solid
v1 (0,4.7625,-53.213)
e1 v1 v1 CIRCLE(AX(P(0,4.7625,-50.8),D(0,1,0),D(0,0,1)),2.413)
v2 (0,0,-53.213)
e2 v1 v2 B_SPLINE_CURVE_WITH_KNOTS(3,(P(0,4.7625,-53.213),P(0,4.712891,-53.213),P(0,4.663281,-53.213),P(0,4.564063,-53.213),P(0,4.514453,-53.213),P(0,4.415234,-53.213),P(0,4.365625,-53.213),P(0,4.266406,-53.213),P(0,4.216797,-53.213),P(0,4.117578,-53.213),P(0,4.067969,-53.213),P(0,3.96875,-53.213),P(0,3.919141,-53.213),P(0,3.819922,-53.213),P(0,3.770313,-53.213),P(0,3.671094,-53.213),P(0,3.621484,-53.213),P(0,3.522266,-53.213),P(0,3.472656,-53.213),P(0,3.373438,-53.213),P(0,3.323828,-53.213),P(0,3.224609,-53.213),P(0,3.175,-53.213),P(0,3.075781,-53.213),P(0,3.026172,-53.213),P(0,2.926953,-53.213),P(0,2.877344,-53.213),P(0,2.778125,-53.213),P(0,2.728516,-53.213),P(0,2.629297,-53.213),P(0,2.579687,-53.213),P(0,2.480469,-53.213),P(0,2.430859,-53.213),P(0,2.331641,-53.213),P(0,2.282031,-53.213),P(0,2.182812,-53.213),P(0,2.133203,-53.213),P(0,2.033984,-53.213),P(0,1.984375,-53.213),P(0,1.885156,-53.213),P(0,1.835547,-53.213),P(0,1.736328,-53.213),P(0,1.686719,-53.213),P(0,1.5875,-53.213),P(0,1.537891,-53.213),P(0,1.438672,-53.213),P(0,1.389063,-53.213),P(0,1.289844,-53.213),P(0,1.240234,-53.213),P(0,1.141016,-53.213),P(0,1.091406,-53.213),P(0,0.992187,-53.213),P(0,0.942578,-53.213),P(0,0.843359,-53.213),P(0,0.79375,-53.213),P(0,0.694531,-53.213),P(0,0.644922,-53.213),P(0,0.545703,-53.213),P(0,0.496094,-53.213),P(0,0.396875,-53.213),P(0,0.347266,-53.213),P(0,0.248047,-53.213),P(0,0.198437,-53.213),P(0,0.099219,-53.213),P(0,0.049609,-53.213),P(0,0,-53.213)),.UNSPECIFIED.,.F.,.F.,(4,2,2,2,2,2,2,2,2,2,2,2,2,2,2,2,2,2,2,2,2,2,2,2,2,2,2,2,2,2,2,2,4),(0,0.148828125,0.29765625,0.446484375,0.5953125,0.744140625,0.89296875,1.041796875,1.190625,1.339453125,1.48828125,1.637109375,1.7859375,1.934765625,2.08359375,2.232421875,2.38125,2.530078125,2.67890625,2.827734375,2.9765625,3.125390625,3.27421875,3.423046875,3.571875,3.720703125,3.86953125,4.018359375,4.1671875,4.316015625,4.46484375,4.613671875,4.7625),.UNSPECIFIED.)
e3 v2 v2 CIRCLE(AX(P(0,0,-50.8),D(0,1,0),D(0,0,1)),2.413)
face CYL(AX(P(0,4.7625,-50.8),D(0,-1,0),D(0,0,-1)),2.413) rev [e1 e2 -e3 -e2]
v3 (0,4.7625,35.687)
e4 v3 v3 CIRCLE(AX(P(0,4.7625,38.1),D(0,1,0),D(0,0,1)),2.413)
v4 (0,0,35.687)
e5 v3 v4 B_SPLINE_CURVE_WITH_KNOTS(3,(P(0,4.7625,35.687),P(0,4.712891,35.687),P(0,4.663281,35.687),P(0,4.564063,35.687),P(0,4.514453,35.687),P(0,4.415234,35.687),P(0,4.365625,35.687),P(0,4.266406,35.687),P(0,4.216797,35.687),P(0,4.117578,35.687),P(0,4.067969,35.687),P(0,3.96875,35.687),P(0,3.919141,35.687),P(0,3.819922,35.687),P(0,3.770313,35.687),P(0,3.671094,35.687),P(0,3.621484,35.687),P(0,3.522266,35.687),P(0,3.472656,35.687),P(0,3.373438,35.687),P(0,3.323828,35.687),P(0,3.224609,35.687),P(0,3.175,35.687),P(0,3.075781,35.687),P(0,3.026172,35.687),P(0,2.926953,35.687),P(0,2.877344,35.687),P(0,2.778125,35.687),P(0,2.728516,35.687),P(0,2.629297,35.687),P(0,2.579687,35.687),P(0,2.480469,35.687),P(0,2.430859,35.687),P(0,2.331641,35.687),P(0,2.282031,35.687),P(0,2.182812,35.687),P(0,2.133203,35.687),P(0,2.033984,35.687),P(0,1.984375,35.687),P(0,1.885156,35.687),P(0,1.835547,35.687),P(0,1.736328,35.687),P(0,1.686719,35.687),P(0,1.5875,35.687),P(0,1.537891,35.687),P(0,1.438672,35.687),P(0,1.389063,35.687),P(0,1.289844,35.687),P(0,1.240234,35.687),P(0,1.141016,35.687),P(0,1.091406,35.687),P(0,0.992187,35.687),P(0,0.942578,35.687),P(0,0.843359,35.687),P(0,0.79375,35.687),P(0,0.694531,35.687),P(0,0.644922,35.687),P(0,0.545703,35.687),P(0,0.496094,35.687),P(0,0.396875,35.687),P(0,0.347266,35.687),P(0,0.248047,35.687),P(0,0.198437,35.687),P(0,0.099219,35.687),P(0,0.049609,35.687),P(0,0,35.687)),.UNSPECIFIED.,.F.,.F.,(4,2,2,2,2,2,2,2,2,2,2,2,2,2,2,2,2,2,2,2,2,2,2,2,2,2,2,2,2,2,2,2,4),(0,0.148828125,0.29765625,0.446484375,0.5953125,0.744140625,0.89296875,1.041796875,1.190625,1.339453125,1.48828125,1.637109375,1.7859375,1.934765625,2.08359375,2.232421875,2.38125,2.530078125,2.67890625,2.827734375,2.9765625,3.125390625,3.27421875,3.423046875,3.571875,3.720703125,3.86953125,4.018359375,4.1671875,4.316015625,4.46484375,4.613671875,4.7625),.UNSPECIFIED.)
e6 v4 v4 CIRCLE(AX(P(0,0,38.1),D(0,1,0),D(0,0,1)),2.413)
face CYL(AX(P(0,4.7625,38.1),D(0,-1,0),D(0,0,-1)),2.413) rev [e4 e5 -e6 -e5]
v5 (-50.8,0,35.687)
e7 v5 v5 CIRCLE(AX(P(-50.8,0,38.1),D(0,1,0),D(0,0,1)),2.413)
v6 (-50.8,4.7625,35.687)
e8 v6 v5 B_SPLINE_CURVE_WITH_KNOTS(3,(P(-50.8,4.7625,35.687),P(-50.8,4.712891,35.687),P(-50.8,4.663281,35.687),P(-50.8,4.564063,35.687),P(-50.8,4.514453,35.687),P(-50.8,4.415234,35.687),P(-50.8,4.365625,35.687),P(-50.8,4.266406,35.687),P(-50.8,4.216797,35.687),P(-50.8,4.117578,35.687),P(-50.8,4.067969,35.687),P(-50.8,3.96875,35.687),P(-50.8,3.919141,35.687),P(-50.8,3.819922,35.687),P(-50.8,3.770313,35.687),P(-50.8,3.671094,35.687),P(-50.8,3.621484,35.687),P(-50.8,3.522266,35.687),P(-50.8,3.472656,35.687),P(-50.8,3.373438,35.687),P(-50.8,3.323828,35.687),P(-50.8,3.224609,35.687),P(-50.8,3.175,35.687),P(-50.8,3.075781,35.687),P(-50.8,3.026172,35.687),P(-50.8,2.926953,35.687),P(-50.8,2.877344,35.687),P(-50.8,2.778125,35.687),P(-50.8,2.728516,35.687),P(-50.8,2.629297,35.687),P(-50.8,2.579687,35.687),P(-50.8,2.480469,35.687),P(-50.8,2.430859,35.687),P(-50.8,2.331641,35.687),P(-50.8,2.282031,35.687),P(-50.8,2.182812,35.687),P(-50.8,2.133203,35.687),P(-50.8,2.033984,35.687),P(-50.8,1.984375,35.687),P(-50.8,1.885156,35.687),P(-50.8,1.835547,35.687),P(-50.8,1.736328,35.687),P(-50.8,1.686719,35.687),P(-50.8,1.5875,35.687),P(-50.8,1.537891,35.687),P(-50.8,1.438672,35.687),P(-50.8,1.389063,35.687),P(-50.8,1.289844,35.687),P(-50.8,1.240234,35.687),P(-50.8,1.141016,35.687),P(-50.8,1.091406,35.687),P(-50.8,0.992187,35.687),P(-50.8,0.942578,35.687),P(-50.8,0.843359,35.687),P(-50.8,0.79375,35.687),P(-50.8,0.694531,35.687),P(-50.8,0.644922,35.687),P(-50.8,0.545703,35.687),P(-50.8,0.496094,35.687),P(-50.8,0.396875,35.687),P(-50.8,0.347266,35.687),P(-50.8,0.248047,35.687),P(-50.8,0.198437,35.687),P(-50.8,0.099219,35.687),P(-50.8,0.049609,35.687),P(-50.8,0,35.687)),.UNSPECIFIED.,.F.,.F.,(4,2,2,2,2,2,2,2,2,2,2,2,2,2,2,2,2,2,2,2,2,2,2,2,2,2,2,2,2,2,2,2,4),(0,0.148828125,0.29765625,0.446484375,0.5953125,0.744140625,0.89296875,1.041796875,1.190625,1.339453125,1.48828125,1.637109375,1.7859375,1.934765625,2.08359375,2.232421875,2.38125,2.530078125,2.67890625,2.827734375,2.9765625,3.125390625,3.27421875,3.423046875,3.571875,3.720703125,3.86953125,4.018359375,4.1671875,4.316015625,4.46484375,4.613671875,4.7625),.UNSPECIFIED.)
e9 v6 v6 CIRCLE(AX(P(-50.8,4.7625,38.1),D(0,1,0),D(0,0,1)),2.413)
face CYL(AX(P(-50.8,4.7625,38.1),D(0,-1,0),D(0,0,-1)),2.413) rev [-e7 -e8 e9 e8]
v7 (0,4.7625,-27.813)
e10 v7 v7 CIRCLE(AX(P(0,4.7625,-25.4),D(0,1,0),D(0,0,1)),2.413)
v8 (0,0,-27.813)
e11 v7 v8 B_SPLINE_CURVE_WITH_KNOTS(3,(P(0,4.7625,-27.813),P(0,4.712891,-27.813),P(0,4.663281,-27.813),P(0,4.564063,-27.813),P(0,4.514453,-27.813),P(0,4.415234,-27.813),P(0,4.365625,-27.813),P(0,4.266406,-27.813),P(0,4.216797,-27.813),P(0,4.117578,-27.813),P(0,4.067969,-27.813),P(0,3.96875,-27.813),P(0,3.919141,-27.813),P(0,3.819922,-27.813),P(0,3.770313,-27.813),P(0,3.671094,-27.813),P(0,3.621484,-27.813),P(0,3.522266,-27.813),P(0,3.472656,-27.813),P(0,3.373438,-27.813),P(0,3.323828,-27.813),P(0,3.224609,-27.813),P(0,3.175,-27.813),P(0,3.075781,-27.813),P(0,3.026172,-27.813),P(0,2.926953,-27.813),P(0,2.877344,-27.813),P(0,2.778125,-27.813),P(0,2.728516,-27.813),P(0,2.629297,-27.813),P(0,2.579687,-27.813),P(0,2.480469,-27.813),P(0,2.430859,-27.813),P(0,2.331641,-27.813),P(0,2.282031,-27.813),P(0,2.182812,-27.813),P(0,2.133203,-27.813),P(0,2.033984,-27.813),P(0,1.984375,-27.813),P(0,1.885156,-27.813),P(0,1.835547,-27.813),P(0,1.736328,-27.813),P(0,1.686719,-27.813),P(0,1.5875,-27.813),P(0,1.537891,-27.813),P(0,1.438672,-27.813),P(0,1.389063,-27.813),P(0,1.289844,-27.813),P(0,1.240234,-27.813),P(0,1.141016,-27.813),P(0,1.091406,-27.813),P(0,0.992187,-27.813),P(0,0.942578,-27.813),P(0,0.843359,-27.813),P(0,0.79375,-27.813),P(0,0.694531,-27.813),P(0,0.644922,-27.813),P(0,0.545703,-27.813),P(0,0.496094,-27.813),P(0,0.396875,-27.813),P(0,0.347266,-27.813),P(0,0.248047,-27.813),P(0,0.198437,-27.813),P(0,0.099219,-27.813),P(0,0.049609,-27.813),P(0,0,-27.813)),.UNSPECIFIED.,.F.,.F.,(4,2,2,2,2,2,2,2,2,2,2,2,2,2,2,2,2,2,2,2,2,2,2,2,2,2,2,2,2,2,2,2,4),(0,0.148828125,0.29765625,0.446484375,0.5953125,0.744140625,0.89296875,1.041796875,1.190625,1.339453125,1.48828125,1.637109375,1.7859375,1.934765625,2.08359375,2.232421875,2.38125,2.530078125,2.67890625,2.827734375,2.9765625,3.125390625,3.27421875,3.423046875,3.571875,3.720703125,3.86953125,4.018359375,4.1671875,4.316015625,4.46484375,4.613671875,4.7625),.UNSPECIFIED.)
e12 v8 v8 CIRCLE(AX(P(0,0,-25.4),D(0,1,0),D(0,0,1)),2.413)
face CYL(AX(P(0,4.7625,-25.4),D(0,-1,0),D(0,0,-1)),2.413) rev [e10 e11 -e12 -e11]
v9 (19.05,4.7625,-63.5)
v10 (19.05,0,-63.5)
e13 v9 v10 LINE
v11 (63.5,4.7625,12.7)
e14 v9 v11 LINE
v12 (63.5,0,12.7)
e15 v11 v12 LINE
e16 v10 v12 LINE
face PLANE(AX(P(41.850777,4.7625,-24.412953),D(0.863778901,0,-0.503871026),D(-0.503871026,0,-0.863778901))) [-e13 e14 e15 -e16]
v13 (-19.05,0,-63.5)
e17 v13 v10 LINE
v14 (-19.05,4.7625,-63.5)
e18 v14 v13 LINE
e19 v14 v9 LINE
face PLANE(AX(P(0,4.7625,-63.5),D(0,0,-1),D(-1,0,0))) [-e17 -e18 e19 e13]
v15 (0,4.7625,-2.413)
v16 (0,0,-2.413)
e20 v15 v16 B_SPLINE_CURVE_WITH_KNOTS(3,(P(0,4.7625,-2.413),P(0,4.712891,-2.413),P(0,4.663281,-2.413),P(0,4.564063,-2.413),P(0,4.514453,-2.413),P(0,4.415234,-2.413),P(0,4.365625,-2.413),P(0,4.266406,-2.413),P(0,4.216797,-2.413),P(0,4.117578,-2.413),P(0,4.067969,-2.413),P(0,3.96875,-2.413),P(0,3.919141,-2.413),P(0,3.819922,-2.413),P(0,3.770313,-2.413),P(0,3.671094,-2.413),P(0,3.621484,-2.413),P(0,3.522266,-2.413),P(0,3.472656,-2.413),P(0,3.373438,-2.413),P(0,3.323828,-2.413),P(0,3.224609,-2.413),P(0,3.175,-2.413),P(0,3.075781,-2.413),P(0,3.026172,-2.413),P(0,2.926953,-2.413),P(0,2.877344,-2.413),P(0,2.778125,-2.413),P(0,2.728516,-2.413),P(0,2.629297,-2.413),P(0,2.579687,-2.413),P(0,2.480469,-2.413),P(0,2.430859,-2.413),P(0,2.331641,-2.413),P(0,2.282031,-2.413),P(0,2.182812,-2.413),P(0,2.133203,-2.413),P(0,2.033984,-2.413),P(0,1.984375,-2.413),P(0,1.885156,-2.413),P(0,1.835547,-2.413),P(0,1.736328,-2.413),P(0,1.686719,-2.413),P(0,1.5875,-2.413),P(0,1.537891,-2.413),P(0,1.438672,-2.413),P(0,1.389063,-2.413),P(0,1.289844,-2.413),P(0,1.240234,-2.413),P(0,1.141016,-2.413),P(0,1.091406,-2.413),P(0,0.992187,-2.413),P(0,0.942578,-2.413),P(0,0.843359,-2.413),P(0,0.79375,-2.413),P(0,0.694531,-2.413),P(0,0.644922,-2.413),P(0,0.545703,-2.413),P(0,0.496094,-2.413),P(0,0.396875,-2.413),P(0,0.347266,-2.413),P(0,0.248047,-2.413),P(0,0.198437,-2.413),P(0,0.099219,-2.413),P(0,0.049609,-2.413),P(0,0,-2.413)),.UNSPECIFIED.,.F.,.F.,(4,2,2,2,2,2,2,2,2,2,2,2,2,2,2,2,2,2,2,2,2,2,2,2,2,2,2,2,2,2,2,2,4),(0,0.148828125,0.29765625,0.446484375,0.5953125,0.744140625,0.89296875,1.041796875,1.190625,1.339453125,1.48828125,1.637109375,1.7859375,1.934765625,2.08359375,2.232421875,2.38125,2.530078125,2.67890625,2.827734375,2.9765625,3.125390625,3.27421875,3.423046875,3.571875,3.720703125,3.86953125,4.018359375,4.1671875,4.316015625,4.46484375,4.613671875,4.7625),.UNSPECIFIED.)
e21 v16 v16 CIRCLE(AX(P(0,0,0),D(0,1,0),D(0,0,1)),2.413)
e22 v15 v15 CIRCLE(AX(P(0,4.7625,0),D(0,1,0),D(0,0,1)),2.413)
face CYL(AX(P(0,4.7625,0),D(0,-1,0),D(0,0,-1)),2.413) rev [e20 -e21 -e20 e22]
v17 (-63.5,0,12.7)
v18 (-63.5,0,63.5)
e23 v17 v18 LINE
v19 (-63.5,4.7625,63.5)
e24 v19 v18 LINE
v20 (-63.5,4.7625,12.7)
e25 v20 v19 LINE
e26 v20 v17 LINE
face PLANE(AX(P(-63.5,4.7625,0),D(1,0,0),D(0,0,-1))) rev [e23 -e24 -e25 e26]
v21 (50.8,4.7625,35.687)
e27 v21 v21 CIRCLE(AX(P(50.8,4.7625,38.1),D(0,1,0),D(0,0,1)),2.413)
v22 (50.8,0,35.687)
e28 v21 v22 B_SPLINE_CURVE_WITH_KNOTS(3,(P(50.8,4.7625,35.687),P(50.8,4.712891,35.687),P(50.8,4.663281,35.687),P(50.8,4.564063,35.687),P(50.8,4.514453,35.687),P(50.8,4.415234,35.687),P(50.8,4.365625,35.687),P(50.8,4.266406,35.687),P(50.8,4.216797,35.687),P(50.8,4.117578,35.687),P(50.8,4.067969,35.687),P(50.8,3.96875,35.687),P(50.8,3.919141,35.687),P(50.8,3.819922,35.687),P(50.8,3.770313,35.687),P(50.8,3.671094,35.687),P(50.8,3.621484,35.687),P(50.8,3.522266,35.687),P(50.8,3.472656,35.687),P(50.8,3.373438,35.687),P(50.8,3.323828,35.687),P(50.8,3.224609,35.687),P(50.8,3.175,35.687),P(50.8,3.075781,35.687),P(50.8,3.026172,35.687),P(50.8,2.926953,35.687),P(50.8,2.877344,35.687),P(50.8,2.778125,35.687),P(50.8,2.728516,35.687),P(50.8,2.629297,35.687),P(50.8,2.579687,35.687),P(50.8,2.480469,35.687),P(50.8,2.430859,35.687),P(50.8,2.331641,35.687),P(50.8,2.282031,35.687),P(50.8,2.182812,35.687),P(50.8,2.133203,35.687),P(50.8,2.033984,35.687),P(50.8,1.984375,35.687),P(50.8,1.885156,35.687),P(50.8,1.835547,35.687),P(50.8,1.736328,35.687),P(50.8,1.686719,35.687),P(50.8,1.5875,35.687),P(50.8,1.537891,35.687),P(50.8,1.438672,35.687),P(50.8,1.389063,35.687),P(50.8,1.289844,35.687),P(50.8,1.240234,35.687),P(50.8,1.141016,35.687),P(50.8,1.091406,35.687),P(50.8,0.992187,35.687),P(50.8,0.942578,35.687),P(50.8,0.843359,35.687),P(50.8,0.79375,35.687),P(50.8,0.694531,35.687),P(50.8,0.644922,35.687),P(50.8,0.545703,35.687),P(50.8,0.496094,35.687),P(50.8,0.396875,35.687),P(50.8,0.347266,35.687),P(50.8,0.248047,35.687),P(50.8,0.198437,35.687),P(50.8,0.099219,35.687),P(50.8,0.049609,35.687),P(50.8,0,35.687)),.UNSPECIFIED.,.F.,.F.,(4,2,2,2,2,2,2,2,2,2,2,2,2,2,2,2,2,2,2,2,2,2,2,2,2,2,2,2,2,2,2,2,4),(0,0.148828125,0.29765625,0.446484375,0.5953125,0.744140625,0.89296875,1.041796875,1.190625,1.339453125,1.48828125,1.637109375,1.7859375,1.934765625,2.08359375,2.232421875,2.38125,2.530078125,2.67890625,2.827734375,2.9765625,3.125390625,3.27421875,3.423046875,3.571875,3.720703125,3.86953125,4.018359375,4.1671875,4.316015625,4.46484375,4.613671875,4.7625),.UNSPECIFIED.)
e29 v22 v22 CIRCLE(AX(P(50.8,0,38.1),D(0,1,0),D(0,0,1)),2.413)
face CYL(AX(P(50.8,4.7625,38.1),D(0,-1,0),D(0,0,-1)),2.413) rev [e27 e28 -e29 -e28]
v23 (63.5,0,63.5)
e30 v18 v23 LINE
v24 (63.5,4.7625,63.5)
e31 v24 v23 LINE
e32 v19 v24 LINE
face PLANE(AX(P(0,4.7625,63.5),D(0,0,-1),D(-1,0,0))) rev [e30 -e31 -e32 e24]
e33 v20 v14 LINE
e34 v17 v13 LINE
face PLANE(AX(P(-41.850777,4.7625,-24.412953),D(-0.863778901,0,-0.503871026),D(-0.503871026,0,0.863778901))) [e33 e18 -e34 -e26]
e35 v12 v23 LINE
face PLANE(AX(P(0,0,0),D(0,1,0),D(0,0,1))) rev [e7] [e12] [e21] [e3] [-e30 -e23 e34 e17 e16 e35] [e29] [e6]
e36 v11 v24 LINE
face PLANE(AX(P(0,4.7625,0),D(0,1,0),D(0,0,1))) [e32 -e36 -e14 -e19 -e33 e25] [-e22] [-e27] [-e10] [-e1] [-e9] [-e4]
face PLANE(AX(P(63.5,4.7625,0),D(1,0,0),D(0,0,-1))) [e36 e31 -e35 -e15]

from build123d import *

# Parameters (mm, degrees)
SKETCH1_R           = 2.413
BOSS_EXTRUDE1_DEPTH = 4.7625


with BuildPart() as part:
    # Sketch1 → Boss-Extrude1 (new body)
    with BuildSketch(Plane(origin=(0, 0, 0), x_dir=(1, 0, 0), z_dir=(0, 1, 0))):
        Polygon((-19.05, 63.5), (-63.5, -12.7), (-63.5, -63.5), (63.5, -63.5), (63.5, -12.7), (19.05, 63.5), align=None)
        with Locations(Location((-50.8, -38.1, 0), (0, 0, 90))):
            Circle(SKETCH1_R, mode=Mode.SUBTRACT)
        with Locations(Location((0, -38.1, 0), (0, 0, 90))):
            Circle(SKETCH1_R, mode=Mode.SUBTRACT)
        with Locations(Location((50.8, -38.1, 0), (0, 0, 90))):
            Circle(SKETCH1_R, mode=Mode.SUBTRACT)
        with Locations(Location((0, 25.4, 0), (0, 0, 90))):
            Circle(SKETCH1_R, mode=Mode.SUBTRACT)
        with Locations(Location((0, 50.8, 0), (0, 0, 90))):
            Circle(SKETCH1_R, mode=Mode.SUBTRACT)
        with Locations(Location((0, 0, 0), (0, 0, 90))):
            Circle(SKETCH1_R, mode=Mode.SUBTRACT)
    extrude(amount=BOSS_EXTRUDE1_DEPTH)


solid = part.part
